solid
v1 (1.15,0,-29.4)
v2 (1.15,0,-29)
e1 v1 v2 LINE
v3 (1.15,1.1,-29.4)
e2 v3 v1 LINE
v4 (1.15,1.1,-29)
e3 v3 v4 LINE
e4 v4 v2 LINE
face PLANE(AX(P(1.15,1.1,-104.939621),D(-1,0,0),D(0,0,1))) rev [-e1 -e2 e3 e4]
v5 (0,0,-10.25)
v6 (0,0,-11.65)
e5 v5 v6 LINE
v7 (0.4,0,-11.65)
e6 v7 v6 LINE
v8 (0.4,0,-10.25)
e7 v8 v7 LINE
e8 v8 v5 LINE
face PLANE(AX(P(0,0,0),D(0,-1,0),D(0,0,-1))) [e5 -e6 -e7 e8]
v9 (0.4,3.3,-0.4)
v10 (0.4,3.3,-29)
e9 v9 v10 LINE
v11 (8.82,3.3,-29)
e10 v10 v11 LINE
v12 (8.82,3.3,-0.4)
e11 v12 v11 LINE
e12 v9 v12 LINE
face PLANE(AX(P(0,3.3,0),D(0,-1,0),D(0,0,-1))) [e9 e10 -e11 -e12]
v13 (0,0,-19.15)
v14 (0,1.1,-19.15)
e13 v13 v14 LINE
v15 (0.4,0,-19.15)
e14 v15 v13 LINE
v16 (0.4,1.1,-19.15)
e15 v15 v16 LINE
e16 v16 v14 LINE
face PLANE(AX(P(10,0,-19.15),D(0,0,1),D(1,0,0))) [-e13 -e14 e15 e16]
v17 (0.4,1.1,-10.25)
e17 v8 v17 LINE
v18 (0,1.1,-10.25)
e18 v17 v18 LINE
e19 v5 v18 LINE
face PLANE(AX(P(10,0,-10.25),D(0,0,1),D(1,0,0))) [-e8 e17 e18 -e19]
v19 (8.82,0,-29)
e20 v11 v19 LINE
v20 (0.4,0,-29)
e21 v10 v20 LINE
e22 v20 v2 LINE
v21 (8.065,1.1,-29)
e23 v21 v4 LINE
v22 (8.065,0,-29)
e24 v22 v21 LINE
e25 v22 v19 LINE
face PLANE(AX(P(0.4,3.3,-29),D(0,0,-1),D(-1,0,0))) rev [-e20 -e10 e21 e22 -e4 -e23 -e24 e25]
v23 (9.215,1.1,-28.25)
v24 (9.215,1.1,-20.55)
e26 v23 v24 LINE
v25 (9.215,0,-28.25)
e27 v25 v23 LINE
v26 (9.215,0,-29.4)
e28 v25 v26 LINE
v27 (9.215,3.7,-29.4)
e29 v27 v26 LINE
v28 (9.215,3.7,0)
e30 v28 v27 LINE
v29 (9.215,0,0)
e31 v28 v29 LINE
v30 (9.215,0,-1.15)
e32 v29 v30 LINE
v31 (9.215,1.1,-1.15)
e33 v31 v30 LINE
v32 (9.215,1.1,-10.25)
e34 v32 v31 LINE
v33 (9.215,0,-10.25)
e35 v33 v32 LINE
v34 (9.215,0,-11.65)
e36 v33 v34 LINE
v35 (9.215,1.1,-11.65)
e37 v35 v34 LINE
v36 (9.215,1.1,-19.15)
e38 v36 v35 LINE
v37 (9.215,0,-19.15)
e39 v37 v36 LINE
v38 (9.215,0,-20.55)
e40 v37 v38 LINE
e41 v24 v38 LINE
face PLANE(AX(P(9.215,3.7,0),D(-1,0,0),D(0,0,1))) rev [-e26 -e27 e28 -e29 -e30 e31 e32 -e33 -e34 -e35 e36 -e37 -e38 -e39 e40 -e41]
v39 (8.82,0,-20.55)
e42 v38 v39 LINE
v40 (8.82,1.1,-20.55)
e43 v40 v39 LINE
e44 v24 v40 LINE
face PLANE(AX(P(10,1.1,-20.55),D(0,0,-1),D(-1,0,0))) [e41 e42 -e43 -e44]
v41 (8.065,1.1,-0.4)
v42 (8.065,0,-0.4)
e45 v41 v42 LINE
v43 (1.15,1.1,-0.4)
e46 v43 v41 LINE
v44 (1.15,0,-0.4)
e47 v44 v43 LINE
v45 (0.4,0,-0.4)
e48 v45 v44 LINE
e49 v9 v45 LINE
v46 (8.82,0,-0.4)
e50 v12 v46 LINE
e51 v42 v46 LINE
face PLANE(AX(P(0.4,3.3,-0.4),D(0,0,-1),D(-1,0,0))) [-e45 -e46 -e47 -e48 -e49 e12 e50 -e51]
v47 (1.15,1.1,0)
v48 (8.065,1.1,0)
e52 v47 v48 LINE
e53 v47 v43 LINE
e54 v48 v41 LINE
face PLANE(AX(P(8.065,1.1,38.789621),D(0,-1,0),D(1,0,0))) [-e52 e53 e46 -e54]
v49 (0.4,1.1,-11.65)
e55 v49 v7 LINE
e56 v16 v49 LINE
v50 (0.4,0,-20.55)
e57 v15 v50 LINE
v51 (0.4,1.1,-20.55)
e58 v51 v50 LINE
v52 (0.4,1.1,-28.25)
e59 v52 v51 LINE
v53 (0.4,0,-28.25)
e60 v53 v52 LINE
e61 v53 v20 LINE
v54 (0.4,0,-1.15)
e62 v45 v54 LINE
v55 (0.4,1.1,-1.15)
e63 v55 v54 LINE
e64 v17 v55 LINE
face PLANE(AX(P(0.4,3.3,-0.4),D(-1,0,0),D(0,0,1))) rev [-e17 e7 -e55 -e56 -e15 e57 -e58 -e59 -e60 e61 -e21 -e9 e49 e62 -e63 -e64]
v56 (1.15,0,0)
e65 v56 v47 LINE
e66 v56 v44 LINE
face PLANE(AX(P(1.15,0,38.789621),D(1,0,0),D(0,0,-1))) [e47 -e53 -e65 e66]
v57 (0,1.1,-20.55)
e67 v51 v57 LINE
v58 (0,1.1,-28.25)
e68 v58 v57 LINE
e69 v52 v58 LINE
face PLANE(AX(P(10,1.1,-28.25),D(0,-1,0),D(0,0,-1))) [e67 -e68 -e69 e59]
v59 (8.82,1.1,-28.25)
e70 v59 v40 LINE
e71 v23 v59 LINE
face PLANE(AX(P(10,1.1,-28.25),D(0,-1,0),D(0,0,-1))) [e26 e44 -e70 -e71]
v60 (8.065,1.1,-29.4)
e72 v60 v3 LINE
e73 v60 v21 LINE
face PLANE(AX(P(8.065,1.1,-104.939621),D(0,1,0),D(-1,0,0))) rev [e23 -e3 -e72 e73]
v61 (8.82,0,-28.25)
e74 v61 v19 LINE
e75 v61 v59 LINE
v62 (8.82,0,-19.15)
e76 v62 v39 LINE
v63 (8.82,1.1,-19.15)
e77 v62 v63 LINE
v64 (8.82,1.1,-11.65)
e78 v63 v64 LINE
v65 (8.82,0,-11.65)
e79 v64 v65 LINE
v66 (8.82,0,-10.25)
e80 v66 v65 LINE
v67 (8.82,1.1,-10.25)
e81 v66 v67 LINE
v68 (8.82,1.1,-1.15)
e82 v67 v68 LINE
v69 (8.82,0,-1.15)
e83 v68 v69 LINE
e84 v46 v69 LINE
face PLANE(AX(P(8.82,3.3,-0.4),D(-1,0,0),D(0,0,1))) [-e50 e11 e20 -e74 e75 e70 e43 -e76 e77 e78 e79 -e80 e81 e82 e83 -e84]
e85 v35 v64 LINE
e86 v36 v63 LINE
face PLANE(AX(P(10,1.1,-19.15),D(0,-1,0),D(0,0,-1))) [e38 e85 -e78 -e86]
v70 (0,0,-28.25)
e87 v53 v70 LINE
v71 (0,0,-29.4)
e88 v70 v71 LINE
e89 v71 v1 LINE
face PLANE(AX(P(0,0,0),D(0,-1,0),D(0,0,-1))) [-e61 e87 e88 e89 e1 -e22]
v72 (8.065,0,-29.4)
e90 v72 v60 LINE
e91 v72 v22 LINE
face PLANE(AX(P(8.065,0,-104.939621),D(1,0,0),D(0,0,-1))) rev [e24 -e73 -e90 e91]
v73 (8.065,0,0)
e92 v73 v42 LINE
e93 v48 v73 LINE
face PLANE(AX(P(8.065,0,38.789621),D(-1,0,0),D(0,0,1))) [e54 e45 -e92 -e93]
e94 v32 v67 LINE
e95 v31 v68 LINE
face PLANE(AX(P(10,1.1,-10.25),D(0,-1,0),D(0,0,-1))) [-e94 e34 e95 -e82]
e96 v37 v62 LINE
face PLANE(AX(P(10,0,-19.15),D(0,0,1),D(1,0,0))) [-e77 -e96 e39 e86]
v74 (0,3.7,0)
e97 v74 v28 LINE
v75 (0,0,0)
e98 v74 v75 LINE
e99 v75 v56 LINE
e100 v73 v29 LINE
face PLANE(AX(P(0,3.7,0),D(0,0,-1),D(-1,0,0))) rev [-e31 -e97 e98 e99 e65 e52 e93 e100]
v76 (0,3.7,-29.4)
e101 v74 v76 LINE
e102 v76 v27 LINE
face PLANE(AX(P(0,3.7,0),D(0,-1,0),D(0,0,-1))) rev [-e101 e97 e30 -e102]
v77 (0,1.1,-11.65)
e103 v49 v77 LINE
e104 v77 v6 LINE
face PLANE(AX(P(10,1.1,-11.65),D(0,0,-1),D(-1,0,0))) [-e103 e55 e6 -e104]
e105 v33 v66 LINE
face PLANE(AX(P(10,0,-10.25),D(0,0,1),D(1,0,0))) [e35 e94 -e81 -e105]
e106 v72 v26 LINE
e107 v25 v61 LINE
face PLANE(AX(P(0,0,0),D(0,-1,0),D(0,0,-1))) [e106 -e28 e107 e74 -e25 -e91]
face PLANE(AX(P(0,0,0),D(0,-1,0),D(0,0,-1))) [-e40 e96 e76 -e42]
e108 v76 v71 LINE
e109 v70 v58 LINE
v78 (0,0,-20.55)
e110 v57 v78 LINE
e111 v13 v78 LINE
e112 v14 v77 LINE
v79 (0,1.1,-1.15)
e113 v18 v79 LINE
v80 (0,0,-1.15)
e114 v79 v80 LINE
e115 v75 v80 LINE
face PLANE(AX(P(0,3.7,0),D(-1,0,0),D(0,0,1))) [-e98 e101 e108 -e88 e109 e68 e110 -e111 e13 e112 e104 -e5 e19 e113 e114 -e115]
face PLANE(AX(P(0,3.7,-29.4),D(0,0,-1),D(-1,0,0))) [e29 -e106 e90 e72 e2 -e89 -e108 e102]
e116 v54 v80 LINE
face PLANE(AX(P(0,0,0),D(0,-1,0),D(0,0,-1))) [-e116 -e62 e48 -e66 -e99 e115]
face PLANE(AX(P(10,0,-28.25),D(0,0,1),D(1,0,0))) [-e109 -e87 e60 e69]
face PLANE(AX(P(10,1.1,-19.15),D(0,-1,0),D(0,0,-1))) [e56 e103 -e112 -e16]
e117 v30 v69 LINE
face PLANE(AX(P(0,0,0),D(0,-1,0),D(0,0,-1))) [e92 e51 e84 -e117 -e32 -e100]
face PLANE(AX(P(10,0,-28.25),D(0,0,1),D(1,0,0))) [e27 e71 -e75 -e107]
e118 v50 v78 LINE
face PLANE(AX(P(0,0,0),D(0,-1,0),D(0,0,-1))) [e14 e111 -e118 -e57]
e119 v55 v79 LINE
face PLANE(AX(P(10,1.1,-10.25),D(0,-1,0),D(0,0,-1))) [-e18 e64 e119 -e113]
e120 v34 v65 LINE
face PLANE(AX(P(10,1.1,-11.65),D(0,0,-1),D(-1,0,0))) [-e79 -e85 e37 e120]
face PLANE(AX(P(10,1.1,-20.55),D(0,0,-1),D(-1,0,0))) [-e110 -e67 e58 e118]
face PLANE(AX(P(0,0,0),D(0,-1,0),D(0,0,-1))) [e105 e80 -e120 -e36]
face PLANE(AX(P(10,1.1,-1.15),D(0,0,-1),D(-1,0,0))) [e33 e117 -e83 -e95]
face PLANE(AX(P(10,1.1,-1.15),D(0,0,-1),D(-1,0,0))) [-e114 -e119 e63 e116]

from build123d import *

# Parameters (mm, degrees)
SKETCH_2_W                = 9.215
SKETCH_2_H                = 29.4
EXTRUDE_1_DEPTH           = 3.7
SKETCH_2_5_W              = 8.42
SKETCH_2_5_H              = 28.6
CUT_EXTRUDE_2_DEPTH       = 3.3
CUT_EXTRUDE_7_DEPTH       = 32.031697102
CUT_EXTRUDE_7_DEPTH_BACK  = 0.4
SKETCH_3_W                = 6.915
SKETCH_3_H                = 1.1
CUT_EXTRUDE_11_DEPTH      = 32.031697102
CUT_EXTRUDE_11_DEPTH_BACK = 0.4
SKETCH_14_W               = 7.7
SKETCH_14_H               = 1.1
SKETCH_14_W_2             = 7.5
SKETCH_14_W_3             = 9.1
CUT_EXTRUDE_12_DEPTH      = 10


with BuildPart() as part:
    # 草图2 → 凸台-拉伸1 (new body)
    with BuildSketch(Plane(origin=(0, 0, 0), x_dir=(1, 0, 0), z_dir=(0, 1, 0))):
        with Locations((4.6075, 14.7)):
            Rectangle(SKETCH_2_W, SKETCH_2_H)
    extrude(amount=EXTRUDE_1_DEPTH)

    # 草图2<5> → 切除-拉伸2 (cut)
    with BuildSketch(Plane(origin=(0, 0, 0), x_dir=(1, 0, 0), z_dir=(0, 1, 0))):
        with Locations((4.61, 14.7)):
            Rectangle(SKETCH_2_5_W, SKETCH_2_5_H)
    extrude(amount=CUT_EXTRUDE_2_DEPTH, mode=Mode.SUBTRACT)

    # 草图3 → 切除-拉伸7 (cut, two sides: drawn at the far end of the back side and taken through both)
    with BuildSketch(Plane.XY.offset(-CUT_EXTRUDE_7_DEPTH_BACK)):
        with Locations((4.6075, 0.55)):
            Rectangle(SKETCH_3_W, SKETCH_3_H)
    extrude(amount=CUT_EXTRUDE_7_DEPTH + CUT_EXTRUDE_7_DEPTH_BACK, mode=Mode.SUBTRACT)

    # 草图8 → 切除-拉伸11 (cut, two sides: drawn at the far end of the back side and taken through both)
    with BuildSketch(Plane(origin=(0, 0, -29.4), x_dir=(-1, 0, 0), z_dir=(0, 0, -1)).offset(-CUT_EXTRUDE_11_DEPTH_BACK)):
        Polygon((-39.075133434, 0), (-9.215, 0), (-8.065, 0), (-8.065, 1.1), (-1.15, 1.1), (-1.15, 0), (0, 0), (29.860133434, 0), (29.860133434, -59.720266867), (-39.075133434, -59.720266867), align=None)
    extrude(amount=CUT_EXTRUDE_11_DEPTH + CUT_EXTRUDE_11_DEPTH_BACK, mode=Mode.SUBTRACT)

    # 草图14 → 切除-拉伸12 (cut)
    with BuildSketch(Plane.ZY):
        with Locations((-24.4, 0.55)):
            Rectangle(SKETCH_14_W, SKETCH_14_H)
        with Locations((-15.4, 0.55)):
            Rectangle(SKETCH_14_W_2, SKETCH_14_H)
        with Locations((-5.7, 0.55)):
            Rectangle(SKETCH_14_W_3, SKETCH_14_H)
    extrude(amount=-CUT_EXTRUDE_12_DEPTH, mode=Mode.SUBTRACT)


solid = part.part
